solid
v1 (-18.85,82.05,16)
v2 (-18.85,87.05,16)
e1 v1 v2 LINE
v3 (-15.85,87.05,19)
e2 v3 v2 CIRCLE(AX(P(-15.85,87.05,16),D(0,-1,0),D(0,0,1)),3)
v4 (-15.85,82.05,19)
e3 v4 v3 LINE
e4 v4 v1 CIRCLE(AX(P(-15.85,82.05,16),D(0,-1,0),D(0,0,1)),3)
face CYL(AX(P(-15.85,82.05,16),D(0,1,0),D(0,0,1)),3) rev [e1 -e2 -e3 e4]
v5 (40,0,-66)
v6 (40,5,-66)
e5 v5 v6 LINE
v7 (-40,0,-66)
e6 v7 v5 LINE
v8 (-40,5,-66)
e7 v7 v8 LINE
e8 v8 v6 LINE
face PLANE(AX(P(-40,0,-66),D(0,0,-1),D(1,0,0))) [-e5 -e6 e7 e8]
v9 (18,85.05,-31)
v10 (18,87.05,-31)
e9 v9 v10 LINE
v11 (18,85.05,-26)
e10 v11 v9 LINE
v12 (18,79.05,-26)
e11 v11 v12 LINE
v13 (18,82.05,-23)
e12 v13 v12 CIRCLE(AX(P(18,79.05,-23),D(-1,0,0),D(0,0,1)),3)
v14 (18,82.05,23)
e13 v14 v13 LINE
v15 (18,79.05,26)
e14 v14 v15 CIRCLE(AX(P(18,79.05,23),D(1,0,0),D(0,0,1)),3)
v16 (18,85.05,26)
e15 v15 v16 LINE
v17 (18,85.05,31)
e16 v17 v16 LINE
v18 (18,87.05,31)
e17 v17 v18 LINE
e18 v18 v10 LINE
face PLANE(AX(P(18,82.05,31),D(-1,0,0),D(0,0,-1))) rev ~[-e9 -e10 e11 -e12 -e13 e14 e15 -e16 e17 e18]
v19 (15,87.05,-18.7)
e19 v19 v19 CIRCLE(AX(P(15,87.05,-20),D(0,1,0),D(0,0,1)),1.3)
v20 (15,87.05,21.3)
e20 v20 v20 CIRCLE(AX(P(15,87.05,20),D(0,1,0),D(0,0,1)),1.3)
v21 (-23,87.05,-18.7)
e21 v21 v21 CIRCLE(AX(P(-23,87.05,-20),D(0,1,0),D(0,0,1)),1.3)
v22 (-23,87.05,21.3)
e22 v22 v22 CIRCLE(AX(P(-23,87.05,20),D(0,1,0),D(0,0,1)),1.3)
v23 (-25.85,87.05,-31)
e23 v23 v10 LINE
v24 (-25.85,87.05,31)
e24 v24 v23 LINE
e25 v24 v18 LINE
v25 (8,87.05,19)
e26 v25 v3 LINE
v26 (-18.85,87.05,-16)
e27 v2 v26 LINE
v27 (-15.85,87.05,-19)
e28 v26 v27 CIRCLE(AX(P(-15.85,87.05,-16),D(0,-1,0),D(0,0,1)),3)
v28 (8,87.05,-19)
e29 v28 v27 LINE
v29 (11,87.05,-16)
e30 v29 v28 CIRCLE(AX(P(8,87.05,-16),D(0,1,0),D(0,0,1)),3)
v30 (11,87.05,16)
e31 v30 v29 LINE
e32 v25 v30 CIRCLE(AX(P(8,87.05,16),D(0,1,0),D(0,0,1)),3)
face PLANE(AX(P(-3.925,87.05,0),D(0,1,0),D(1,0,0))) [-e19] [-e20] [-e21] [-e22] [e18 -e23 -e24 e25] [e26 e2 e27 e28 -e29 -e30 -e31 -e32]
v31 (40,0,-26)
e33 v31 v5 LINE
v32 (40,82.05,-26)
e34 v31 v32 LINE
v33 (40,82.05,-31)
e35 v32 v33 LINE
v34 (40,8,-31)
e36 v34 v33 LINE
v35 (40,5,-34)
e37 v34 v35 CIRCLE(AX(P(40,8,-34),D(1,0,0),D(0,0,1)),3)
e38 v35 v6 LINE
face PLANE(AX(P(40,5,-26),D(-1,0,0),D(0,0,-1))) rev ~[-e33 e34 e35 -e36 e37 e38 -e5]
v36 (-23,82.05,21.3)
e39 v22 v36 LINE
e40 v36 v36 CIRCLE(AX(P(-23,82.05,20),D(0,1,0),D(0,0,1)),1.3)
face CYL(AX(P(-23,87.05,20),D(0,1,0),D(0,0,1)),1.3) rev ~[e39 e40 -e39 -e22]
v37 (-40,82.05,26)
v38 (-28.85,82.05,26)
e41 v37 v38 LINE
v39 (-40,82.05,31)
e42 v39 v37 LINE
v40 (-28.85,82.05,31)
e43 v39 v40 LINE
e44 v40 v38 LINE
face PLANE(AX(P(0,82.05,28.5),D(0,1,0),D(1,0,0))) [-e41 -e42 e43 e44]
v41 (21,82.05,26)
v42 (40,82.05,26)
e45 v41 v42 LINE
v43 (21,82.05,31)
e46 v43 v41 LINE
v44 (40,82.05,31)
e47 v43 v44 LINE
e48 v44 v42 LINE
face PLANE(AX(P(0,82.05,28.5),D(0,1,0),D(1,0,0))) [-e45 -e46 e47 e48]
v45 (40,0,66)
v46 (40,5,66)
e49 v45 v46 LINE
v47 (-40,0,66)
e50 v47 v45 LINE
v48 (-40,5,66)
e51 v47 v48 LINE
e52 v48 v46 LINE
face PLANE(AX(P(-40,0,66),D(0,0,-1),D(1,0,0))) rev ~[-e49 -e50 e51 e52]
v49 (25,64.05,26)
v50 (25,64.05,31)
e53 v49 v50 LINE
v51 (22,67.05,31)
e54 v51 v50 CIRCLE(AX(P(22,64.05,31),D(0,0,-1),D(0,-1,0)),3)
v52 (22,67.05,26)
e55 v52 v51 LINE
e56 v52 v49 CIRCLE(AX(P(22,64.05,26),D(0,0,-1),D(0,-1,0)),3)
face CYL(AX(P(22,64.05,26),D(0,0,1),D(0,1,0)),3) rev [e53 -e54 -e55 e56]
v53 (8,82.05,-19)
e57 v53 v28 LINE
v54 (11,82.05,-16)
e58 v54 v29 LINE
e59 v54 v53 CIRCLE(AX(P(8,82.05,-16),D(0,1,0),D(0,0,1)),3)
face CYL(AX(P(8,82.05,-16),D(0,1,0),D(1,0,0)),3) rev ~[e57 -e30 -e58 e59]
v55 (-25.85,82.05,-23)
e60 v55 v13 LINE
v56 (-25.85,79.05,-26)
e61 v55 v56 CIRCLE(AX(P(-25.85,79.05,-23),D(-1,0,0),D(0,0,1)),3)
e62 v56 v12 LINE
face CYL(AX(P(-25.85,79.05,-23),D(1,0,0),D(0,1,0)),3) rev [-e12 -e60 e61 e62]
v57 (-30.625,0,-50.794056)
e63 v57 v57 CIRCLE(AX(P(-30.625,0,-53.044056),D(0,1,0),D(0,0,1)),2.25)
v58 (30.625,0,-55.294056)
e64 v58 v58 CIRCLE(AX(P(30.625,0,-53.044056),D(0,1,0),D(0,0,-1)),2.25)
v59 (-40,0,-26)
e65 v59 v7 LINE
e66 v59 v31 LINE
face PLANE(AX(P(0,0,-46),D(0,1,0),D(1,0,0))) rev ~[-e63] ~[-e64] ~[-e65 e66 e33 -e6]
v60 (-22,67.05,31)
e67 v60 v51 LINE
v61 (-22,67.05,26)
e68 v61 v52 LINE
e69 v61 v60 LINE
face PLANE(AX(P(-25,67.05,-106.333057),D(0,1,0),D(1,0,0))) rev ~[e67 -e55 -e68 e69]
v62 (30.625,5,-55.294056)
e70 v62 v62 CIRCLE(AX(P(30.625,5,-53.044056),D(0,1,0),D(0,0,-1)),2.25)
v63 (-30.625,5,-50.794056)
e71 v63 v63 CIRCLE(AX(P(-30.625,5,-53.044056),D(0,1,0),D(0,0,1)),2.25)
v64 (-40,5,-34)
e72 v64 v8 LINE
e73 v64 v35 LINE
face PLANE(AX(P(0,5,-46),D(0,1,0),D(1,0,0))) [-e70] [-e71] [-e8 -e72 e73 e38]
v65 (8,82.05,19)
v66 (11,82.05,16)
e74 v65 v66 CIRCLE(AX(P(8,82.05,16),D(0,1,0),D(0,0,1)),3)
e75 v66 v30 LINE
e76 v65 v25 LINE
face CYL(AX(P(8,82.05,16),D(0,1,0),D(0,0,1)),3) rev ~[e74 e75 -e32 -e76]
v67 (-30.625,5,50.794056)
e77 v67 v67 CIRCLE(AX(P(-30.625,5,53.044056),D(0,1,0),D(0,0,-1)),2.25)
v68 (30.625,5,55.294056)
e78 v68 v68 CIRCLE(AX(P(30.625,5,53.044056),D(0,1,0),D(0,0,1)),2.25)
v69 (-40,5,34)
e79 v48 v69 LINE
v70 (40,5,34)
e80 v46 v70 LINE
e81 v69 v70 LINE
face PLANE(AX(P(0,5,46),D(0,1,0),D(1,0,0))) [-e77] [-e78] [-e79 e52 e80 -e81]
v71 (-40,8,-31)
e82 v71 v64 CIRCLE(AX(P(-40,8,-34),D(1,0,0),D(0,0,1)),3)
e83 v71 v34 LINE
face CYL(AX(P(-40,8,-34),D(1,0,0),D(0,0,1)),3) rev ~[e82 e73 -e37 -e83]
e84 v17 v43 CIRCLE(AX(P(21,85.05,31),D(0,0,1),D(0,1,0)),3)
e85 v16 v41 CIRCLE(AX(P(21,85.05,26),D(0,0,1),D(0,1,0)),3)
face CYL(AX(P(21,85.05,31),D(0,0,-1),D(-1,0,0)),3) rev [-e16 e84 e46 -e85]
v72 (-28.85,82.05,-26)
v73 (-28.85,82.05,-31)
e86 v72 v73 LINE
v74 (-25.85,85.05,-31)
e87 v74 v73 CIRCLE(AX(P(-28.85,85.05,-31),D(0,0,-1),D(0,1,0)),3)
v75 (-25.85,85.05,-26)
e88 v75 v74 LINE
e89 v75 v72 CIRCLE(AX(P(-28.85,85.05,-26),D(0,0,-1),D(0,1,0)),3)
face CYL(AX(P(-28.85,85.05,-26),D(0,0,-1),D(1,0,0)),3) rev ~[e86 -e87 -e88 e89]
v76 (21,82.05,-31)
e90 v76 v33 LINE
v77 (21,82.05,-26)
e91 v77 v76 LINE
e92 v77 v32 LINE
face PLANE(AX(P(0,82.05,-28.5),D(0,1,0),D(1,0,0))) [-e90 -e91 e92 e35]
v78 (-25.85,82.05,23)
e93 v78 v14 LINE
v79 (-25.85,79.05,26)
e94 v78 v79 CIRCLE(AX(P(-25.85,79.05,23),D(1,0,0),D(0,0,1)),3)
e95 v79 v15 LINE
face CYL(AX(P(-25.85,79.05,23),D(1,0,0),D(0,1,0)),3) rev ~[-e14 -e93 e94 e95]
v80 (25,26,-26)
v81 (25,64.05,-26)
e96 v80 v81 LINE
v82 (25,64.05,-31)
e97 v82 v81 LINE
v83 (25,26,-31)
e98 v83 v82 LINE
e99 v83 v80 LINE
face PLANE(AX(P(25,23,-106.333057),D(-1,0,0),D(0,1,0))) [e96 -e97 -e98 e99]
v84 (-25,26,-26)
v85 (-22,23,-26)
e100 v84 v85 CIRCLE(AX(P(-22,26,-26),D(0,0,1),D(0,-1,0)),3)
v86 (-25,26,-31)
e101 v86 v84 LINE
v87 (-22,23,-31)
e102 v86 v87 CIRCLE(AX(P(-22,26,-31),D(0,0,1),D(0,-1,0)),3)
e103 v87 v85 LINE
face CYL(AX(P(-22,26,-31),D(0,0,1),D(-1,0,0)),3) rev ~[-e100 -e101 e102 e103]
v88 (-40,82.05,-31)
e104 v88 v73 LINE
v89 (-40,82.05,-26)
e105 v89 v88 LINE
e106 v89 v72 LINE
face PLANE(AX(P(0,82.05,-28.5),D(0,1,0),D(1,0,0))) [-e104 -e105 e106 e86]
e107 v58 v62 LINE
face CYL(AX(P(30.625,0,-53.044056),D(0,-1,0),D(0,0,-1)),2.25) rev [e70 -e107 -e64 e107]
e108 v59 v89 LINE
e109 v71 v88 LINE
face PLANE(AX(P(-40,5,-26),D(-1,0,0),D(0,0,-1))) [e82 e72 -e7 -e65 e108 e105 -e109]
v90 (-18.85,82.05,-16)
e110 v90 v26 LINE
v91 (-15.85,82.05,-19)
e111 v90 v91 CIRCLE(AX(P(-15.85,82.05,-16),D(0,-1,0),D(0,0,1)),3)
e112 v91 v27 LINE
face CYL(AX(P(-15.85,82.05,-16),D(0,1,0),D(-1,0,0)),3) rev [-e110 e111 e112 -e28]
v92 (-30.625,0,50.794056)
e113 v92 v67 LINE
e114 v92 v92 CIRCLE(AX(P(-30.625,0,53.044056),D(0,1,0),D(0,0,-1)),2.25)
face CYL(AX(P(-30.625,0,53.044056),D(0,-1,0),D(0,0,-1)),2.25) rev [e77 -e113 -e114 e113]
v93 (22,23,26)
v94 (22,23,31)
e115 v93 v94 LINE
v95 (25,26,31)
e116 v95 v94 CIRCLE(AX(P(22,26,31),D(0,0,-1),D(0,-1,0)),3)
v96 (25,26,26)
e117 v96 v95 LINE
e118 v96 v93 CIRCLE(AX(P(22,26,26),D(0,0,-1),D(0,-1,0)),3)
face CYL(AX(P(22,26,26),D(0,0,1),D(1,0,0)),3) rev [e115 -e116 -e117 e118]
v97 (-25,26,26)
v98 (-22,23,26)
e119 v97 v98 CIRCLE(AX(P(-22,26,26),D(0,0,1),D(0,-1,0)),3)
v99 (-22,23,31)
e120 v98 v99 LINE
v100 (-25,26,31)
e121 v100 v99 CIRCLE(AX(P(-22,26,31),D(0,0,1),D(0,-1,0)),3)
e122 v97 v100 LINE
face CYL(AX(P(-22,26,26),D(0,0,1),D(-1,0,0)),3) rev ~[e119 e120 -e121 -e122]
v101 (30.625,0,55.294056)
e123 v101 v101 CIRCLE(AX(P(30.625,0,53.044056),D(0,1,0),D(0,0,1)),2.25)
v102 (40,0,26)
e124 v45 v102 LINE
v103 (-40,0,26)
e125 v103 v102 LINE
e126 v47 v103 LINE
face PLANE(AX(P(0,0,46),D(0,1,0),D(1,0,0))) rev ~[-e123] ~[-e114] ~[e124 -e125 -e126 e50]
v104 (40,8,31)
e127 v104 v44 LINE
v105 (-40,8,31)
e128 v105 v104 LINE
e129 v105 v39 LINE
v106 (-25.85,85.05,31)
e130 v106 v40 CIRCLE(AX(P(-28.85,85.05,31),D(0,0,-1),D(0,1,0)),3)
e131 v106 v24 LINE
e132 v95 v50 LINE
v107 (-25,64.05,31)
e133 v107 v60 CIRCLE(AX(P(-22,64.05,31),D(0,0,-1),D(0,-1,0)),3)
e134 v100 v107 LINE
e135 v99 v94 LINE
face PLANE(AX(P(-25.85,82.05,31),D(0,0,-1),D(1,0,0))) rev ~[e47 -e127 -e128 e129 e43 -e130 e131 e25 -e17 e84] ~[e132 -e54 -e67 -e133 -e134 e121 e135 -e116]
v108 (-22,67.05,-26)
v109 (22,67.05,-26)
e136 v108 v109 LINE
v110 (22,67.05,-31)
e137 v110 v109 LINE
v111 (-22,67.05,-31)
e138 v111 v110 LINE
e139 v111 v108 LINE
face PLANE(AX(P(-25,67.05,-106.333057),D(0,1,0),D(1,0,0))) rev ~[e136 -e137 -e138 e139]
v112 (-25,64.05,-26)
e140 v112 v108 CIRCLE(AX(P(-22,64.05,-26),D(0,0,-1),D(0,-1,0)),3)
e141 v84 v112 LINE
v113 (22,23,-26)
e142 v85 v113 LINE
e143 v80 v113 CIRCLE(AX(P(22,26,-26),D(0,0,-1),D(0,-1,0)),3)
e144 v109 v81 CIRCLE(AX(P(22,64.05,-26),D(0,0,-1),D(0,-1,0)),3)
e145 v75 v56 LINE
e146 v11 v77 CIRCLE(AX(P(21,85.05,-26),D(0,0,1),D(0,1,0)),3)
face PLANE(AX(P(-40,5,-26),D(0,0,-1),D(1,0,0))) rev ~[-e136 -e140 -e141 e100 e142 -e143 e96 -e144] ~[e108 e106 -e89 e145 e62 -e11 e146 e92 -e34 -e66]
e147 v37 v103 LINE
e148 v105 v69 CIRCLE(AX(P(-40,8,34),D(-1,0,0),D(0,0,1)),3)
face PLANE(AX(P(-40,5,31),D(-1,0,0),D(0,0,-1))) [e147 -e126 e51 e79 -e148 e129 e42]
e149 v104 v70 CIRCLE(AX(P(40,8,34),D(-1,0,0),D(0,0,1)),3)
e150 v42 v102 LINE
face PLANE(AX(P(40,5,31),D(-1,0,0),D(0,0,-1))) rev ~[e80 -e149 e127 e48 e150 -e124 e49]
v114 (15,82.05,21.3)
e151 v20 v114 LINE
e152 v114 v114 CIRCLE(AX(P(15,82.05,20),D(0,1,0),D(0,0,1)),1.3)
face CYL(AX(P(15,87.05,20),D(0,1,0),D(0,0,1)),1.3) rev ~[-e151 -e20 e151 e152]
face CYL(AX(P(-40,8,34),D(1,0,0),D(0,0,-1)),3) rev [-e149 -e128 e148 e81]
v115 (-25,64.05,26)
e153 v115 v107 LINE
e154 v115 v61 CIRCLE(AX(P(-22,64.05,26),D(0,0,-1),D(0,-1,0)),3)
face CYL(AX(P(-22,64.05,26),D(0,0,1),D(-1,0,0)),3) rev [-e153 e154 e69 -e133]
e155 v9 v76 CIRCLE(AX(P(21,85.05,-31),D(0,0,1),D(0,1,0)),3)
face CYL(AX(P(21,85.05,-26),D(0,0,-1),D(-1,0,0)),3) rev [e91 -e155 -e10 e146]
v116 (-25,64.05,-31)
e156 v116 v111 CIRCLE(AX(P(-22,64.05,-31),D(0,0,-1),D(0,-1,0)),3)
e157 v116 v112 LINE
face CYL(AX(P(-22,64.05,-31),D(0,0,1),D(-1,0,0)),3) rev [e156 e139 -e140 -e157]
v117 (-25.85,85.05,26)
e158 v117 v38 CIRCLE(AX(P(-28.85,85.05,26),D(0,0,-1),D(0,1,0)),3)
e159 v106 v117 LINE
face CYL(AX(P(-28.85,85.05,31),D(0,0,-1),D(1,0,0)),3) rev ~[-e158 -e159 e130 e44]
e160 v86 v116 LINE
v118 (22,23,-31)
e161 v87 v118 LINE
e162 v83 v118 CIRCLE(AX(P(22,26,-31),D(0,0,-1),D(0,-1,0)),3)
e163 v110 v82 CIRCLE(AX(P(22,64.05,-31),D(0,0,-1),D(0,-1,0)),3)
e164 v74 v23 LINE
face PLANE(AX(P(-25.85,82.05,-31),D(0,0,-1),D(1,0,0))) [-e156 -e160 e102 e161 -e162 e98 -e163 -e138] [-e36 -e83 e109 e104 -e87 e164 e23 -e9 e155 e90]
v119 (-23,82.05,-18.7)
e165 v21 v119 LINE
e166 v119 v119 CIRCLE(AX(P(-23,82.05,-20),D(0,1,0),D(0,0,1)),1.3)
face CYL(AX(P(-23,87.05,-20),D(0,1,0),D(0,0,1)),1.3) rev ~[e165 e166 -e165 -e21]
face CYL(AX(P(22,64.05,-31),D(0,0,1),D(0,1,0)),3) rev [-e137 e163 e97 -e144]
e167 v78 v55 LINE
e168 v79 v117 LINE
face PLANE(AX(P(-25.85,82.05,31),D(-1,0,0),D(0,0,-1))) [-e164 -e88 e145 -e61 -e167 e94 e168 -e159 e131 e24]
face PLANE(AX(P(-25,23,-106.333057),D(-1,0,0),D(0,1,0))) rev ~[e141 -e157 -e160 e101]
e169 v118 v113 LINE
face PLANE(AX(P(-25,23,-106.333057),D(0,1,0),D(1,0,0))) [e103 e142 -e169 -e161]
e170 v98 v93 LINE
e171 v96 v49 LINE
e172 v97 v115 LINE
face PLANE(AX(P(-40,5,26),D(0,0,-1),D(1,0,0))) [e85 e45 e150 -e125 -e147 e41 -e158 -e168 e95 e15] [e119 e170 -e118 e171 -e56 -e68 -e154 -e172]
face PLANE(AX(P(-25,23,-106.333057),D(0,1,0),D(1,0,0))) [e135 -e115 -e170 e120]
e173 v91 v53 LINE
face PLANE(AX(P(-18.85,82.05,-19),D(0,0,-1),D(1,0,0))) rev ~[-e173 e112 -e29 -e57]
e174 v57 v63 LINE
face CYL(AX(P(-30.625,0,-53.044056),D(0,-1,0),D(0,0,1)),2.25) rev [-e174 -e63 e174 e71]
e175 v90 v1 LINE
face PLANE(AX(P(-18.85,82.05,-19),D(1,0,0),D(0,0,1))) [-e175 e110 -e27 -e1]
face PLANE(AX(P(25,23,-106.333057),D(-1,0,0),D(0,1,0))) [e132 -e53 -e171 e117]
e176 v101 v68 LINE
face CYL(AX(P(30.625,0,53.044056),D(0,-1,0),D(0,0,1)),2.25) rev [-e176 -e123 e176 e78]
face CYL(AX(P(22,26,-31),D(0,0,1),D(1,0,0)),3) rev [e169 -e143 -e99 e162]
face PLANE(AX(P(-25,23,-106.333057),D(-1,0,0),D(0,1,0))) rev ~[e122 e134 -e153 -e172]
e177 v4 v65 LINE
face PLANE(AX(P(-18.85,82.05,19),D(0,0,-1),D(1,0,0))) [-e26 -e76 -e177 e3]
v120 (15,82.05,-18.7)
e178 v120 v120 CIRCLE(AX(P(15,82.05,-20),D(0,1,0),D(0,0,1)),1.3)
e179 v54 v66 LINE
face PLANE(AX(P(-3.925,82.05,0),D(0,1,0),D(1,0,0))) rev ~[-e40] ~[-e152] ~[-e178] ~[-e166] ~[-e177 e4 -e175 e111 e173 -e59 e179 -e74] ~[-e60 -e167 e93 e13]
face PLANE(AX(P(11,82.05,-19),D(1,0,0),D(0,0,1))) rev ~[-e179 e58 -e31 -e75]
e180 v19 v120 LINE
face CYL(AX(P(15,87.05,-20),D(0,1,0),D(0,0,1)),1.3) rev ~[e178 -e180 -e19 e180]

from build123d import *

# Parameters (mm, degrees)
SKETCH1_W               = 80
SKETCH1_H               = 40
SKETCH1_R               = 2.25
BOSS_EXTRUDE1_DEPTH     = 5
BOSS_EXTRUDE1_2_DEPTH   = 5
SKETCH2_W               = 80
SKETCH2_H               = 5
BOSS_EXTRUDE2_DEPTH     = 77.05
SKETCH3_W               = 43.85
SKETCH3_H               = 62
BOSS_EXTRUDE3_DEPTH     = 5
SKETCH5_W               = 29.85
SKETCH5_H               = 38
CUT_EXTRUDE2_DEPTH      = 10
CUT_EXTRUDE1_REACH      = 118.334
SKETCH4_R               = 1.3
FILLET1_R               = 3
FILLET2_R               = 3
CUT_EXTRUDE3_DEPTH      = 137.333057253
CUT_EXTRUDE3_DEPTH_BACK = 137.333057253
SKETCH6_W               = 50
SKETCH6_H               = 44.05
FILLET3_R               = 3


with BuildPart() as part:
    # Sketch1 → Boss-Extrude1 (new body)
    with BuildSketch(Plane(origin=(0, 0, 0), x_dir=(1, 0, 0), z_dir=(0, 1, 0))):
        with Locations((0, 46)):
            Rectangle(SKETCH1_W, SKETCH1_H)
        with Locations(Location((-30.625, 53.044055982, 0), (0, 0, 270))):
            Circle(SKETCH1_R, mode=Mode.SUBTRACT)
        with Locations(Location((30.625, 53.044055982, 0), (0, 0, 90))):
            Circle(SKETCH1_R, mode=Mode.SUBTRACT)
    extrude(amount=BOSS_EXTRUDE1_DEPTH)



with BuildPart() as body_2:
    # Sketch1 → Boss-Extrude1 2 (new body)
    with BuildSketch(Plane(origin=(0, 0, 0), x_dir=(1, 0, 0), z_dir=(0, 1, 0))):
        with Locations((0, -46)):
            Rectangle(SKETCH1_W, SKETCH1_H)
        with Locations(Location((30.625, -53.044055982, 0), (0, 0, 270))):
            Circle(SKETCH1_R, mode=Mode.SUBTRACT)
        with Locations(Location((-30.625, -53.044055982, 0), (0, 0, 90))):
            Circle(SKETCH1_R, mode=Mode.SUBTRACT)
    extrude(amount=BOSS_EXTRUDE1_2_DEPTH)


with BuildPart() as part_1:
    add(part.part)

    add(body_2.part)  # Boss-Extrude2 merges body 2
    # Sketch2 → Boss-Extrude2 (add)
    with BuildSketch(Plane(origin=(0, 5, 0), x_dir=(1, 0, 0), z_dir=(0, 1, 0))):
        with Locations((0, 28.5)):
            Rectangle(SKETCH2_W, SKETCH2_H)
        with Locations((0, -28.5)):
            Rectangle(SKETCH2_W, SKETCH2_H)
    extrude(amount=BOSS_EXTRUDE2_DEPTH)

    # Sketch3 → Boss-Extrude3 (add)
    with BuildSketch(Plane(origin=(0, 82.05, 0), x_dir=(1, 0, 0), z_dir=(0, 1, 0))):
        with Locations((-3.925, 0)):
            Rectangle(SKETCH3_W, SKETCH3_H)
    extrude(amount=BOSS_EXTRUDE3_DEPTH)

    # Sketch5 → Cut-Extrude2 (cut)
    with BuildSketch(Plane.XZ.offset(-82.05)):
        with Locations((-3.925, 0)):
            Rectangle(SKETCH5_W, SKETCH5_H)
    extrude(amount=-CUT_EXTRUDE2_DEPTH, mode=Mode.SUBTRACT)

    # Sketch4 → Cut-Extrude1 (cut, up to next)
    with BuildSketch(Plane(origin=(0, 87.05, 0), x_dir=(1, 0, 0), z_dir=(0, 1, 0)), mode=Mode.PRIVATE) as cut_extrude1_sk1:
        with Locations(Location((-23, 20, 0), (0, 0, 270))):
            Circle(SKETCH4_R)
    cut_extrude1_tool1 = extrude(cut_extrude1_sk1.sketch, amount=-CUT_EXTRUDE1_REACH, mode=Mode.PRIVATE) & part_1.part
    # Sketch4 → Cut-Extrude1 (cut, up to next)
    with BuildSketch(Plane(origin=(0, 87.05, 0), x_dir=(1, 0, 0), z_dir=(0, 1, 0)), mode=Mode.PRIVATE) as cut_extrude1_sk2:
        with Locations(Location((15, 20, 0), (0, 0, 270))):
            Circle(SKETCH4_R)
    cut_extrude1_tool2 = extrude(cut_extrude1_sk2.sketch, amount=-CUT_EXTRUDE1_REACH, mode=Mode.PRIVATE) & part_1.part
    # Sketch4 → Cut-Extrude1 (cut, up to next)
    with BuildSketch(Plane(origin=(0, 87.05, 0), x_dir=(1, 0, 0), z_dir=(0, 1, 0)), mode=Mode.PRIVATE) as cut_extrude1_sk3:
        with Locations(Location((15, -20, 0), (0, 0, 270))):
            Circle(SKETCH4_R)
    cut_extrude1_tool3 = extrude(cut_extrude1_sk3.sketch, amount=-CUT_EXTRUDE1_REACH, mode=Mode.PRIVATE) & part_1.part
    # Sketch4 → Cut-Extrude1 (cut, up to next)
    with BuildSketch(Plane(origin=(0, 87.05, 0), x_dir=(1, 0, 0), z_dir=(0, 1, 0)), mode=Mode.PRIVATE) as cut_extrude1_sk4:
        with Locations(Location((-23, -20, 0), (0, 0, 270))):
            Circle(SKETCH4_R)
    cut_extrude1_tool4 = extrude(cut_extrude1_sk4.sketch, amount=-CUT_EXTRUDE1_REACH, mode=Mode.PRIVATE) & part_1.part
    add(cut_extrude1_tool1.solids().sort_by_distance((-23, 87.05, -20))[0], mode=Mode.SUBTRACT)
    add(cut_extrude1_tool2.solids().sort_by_distance((15, 87.05, -20))[0], mode=Mode.SUBTRACT)
    add(cut_extrude1_tool3.solids().sort_by_distance((15, 87.05, 20))[0], mode=Mode.SUBTRACT)
    add(cut_extrude1_tool4.solids().sort_by_distance((-23, 87.05, 20))[0], mode=Mode.SUBTRACT)

    # Fillet1
    fillet1_edges = [part_1.edges().sort_by_distance(p)[0] for p in [
        (0, 5, -31),
        (-3.925, 82.05, -26),
        (-3.925, 82.05, 26),
        (0, 5, 31),
    ]]
    fillet(fillet1_edges, radius=FILLET1_R)

    # Fillet2
    fillet2_edges = [part_1.edges().sort_by_distance(p)[0] for p in [
        (18, 82.05, -28.5),
        (-25.85, 82.05, -28.5),
        (-25.85, 82.05, 28.5),
        (18, 82.05, 28.5),
    ]]
    fillet(fillet2_edges, radius=FILLET2_R)

    # Sketch6 → Cut-Extrude3 (cut, two sides: drawn at the far end of the back side and taken through both)
    with BuildSketch(Plane.XY.offset(31).offset(-CUT_EXTRUDE3_DEPTH_BACK)):
        with Locations((0, 45.025)):
            Rectangle(SKETCH6_W, SKETCH6_H)
    extrude(amount=CUT_EXTRUDE3_DEPTH + CUT_EXTRUDE3_DEPTH_BACK, mode=Mode.SUBTRACT)

    # Fillet3
    fillet3_edges = [part_1.edges().sort_by_distance(p)[0] for p in [
        (-25, 67.05, -28.5),
        (-25, 67.05, 28.5),
        (-25, 23, -28.5),
        (-25, 23, 28.5),
        (25, 23, -28.5),
        (25, 23, 28.5),
        (25, 67.05, -28.5),
        (25, 67.05, 28.5),
        (-18.85, 84.55, -19),
        (-18.85, 84.55, 19),
        (11, 84.55, 19),
        (11, 84.55, -19),
    ]]
    fillet(fillet3_edges, radius=FILLET3_R)


solid = part_1.part
